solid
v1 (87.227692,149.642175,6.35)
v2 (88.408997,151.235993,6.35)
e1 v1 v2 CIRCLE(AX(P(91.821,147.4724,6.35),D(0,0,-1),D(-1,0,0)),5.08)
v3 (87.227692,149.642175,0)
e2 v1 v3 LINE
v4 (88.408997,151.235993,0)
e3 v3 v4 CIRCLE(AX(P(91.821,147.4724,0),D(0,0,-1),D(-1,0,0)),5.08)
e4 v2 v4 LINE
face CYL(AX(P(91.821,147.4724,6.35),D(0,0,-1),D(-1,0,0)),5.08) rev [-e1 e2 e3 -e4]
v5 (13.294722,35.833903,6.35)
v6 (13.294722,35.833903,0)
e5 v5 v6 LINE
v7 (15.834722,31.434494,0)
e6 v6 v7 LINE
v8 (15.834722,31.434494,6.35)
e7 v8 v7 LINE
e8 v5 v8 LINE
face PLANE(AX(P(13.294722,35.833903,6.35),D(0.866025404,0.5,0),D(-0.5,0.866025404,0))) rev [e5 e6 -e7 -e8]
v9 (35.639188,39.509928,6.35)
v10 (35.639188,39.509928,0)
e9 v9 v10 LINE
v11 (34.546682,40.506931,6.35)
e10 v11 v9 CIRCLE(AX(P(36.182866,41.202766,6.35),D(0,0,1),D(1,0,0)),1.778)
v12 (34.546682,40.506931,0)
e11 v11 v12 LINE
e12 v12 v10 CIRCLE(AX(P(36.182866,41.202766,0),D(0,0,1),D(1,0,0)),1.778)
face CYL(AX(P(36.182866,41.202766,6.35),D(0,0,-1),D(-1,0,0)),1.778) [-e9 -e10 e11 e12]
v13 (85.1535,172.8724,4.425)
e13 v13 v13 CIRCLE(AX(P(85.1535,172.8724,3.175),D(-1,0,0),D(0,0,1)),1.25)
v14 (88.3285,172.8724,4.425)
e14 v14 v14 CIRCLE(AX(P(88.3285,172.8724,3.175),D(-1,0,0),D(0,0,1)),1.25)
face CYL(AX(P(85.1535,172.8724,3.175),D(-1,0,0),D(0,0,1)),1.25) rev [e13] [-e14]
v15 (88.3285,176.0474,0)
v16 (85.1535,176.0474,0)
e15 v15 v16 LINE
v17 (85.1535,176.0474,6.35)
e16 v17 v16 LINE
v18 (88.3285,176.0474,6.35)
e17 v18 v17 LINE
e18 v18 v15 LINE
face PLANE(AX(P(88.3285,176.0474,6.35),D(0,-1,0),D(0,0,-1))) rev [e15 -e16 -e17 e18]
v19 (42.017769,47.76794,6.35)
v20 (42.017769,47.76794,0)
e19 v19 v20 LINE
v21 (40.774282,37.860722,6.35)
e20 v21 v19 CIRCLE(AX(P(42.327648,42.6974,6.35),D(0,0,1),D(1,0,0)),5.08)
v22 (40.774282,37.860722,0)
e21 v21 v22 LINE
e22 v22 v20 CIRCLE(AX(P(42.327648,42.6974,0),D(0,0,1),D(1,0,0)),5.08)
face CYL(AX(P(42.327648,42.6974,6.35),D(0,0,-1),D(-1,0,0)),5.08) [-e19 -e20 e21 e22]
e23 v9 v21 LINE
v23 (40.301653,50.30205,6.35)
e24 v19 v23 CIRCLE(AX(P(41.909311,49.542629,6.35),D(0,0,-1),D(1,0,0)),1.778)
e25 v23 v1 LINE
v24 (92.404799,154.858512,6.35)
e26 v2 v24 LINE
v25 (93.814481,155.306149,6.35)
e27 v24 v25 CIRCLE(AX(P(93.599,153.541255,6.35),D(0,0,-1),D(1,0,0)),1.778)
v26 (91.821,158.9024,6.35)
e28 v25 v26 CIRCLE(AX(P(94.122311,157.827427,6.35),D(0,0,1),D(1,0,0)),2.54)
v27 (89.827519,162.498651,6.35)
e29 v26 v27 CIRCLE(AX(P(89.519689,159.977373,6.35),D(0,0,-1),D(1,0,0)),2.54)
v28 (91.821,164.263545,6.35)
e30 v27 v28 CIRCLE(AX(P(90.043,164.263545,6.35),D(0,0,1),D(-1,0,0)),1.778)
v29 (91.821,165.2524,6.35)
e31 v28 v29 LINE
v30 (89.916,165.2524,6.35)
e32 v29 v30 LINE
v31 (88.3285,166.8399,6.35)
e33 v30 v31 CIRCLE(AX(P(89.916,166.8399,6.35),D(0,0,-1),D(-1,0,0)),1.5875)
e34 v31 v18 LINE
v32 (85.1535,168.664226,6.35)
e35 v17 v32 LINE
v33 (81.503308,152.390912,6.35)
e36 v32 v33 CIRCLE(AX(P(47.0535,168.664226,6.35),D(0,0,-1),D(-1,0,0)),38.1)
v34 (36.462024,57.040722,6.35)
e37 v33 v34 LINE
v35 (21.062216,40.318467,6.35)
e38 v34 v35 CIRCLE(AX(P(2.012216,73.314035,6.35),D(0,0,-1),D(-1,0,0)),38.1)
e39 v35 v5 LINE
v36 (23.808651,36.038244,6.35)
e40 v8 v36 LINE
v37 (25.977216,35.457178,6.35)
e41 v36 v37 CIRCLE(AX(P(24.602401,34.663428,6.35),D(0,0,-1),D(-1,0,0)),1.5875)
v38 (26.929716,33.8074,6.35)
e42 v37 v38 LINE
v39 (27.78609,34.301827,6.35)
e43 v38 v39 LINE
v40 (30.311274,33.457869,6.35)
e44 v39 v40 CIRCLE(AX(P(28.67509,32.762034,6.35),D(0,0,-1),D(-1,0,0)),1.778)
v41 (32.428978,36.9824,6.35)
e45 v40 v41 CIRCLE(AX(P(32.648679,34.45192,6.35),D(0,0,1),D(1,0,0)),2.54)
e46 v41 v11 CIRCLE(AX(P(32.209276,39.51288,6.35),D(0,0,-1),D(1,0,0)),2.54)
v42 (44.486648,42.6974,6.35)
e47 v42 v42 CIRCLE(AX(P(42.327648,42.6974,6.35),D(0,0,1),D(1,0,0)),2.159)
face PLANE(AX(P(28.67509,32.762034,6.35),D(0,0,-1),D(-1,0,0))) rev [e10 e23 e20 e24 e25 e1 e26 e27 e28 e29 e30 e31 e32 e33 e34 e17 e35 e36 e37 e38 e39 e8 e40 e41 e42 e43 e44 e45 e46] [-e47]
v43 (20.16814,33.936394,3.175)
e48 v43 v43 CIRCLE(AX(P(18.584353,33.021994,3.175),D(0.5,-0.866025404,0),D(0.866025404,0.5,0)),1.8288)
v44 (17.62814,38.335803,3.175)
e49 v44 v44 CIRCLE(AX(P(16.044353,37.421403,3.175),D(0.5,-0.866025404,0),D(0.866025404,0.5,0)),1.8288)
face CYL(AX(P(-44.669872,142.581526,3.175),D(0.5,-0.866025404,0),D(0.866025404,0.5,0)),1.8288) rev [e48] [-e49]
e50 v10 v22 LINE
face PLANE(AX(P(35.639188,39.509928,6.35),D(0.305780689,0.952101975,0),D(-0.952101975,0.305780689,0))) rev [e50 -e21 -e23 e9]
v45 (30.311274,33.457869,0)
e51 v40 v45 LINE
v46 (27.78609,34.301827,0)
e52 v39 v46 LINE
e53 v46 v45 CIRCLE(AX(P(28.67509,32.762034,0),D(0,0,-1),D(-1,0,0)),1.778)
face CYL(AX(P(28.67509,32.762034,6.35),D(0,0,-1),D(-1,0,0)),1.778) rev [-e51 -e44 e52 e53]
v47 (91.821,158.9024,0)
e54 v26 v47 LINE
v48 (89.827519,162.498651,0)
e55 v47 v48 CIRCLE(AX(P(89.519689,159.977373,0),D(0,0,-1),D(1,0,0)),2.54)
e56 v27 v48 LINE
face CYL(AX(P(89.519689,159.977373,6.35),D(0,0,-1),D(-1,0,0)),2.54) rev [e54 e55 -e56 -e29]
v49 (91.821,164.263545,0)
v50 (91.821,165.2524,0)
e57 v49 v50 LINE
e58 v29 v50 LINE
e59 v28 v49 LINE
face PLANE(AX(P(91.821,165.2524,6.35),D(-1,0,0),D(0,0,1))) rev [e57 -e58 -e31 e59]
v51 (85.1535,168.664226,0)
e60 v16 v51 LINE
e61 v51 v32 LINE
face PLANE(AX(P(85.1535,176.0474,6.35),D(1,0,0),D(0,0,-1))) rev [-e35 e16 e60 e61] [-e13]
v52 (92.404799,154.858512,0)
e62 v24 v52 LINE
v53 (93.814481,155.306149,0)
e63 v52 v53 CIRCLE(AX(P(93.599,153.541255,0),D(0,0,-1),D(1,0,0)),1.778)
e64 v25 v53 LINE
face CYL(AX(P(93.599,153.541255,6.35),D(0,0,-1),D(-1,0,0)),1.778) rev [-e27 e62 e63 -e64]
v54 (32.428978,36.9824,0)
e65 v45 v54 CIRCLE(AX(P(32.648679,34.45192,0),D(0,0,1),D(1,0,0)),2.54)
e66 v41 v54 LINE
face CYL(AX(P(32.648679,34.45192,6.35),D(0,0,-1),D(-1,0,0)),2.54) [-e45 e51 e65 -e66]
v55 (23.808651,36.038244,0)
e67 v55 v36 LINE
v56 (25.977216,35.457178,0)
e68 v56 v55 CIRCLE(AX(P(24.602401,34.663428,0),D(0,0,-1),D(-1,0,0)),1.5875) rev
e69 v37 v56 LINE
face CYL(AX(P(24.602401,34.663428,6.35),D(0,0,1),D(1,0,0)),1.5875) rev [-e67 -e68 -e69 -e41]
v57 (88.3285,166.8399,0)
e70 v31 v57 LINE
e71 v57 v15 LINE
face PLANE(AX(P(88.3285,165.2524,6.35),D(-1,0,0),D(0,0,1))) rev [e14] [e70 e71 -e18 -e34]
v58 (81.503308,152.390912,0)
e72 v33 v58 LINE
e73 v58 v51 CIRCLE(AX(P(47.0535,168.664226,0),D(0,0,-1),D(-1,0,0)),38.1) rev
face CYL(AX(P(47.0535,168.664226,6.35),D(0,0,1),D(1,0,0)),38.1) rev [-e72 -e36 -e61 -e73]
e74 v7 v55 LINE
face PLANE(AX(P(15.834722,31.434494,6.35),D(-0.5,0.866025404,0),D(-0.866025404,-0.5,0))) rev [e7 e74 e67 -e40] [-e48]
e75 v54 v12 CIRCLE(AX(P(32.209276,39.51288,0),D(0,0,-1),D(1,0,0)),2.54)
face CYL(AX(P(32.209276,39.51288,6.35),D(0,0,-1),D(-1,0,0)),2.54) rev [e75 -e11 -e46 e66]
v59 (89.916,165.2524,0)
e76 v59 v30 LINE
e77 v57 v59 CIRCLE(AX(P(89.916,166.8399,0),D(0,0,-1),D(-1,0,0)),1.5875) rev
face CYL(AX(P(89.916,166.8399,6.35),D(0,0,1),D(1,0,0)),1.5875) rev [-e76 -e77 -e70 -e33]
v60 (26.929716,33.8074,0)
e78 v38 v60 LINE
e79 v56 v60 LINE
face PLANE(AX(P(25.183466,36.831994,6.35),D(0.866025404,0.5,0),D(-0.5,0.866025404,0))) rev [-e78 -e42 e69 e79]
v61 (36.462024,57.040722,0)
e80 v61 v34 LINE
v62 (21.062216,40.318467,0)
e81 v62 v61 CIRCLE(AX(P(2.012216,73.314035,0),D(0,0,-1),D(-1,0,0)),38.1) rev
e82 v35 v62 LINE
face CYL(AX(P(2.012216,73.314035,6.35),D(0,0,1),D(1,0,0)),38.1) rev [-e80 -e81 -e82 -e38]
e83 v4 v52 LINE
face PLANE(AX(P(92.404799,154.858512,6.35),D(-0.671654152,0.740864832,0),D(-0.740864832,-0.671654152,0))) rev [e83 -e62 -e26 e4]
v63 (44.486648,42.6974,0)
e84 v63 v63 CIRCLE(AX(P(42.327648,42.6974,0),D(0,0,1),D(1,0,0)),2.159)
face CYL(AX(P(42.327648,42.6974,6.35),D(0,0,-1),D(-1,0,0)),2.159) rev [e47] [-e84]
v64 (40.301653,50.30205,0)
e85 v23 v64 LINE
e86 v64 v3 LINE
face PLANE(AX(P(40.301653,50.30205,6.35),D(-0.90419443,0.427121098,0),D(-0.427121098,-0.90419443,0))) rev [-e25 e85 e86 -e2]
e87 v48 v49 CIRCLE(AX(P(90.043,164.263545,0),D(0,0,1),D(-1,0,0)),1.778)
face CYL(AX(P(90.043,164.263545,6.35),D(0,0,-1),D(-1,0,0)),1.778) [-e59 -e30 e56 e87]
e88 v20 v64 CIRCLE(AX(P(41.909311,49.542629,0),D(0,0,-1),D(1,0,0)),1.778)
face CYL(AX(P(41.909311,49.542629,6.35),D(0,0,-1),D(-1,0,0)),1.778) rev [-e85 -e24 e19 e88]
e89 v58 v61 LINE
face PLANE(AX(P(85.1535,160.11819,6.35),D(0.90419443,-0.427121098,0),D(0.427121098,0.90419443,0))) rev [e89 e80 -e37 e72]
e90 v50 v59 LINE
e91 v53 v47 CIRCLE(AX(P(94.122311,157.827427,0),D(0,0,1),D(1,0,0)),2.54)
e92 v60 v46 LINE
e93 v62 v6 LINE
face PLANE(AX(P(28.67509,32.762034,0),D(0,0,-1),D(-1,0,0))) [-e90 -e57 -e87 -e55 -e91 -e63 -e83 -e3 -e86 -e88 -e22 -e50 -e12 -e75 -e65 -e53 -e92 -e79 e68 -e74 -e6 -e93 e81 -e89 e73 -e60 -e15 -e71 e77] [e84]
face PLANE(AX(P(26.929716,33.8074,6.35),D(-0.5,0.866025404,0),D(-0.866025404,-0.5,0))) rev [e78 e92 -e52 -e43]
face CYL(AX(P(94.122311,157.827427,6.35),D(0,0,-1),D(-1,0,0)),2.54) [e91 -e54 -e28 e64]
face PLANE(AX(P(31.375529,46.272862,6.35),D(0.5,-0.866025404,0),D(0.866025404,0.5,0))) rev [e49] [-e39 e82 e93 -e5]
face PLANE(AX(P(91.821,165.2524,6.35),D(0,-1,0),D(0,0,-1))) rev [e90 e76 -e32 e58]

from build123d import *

# Parameters (mm, degrees)
SKETCH1_R                 = 2.159
BOSS_EXTRUDE1_DEPTH       = 6.35
SKETCH2_R                 = 1.8288
CUT_EXTRUDE1_DEPTH        = 127.508450551
SKETCH3_R                 = 0.635
CUT_EXTRUDE2_DEPTH        = 76.033777739
FILLET1_R                 = 1.5875
FILLET2_R                 = 38.1
M3X0_5_TAPPED_HOLE1_D     = 2.5
M3X0_5_TAPPED_HOLE1_DEPTH = 7.50062
M3X0_5_TAPPED_HOLE1_TIP   = 0.751075774


with BuildPart() as part:
    # Sketch1 → Boss-Extrude1 (new body)
    with BuildSketch(Plane.XY):
        with BuildLine():
            Line((15.834722261, 31.434493723), (25.183466494, 36.831993723))
            Line((25.183466494, 36.831993723), (26.929716494, 33.8074))
            Line((26.929716494, 33.8074), (27.78608986, 34.301827393))
            ThreePointArc((27.78608986, 34.301827393), (29.23868298, 34.44834582), (30.311273673, 33.457869357))
            ThreePointArc((30.311273673, 33.457869357), (34.825897026, 33.143744407), (32.428977808, 36.9824))
            ThreePointArc((32.428977808, 36.9824), (30.032058591, 40.821055593), (34.546681944, 40.506930643))
            ThreePointArc((34.546681944, 40.506930643), (34.984344673, 39.889437479), (35.639187691, 39.509928464))
            Line((35.639187691, 39.509928464), (40.774282272, 37.860721969))
            ThreePointArc((40.774282272, 37.860721969), (47.368100791, 42.064756802), (42.017768622, 47.767939879))
            ThreePointArc((42.017768622, 47.767939879), (40.437125748, 48.5456558), (40.301653082, 50.302050149))
            Line((40.301653082, 50.302050149), (87.227692295, 149.642175178))
            ThreePointArc((87.227692295, 149.642175178), (87.739785188, 150.497310852), (88.408996906, 151.235993347))
            Line((88.408996906, 151.235993347), (92.404798917, 154.858512458))
            ThreePointArc((92.404798917, 154.858512458), (93.060884875, 155.23586864), (93.814481006, 155.3061491))
            ThreePointArc((93.814481006, 155.3061491), (96.343832869, 159.058865136), (91.821, 158.9024))
            ThreePointArc((91.821, 158.9024), (87.298167131, 158.745934864), (89.827518994, 162.4986509))
            ThreePointArc((89.827518994, 162.4986509), (91.22159212, 162.932303457), (91.821, 164.263545213))
            Line((91.821, 164.263545213), (91.821, 165.2524))
            Line((91.821, 165.2524), (88.3285, 165.2524))
            Line((88.3285, 165.2524), (88.3285, 176.0474))
            Line((88.3285, 176.0474), (85.1535, 176.0474))
            Line((85.1535, 176.0474), (85.1535, 160.118189826))
            Line((85.1535, 160.118189826), (31.375529243, 46.272861553))
            Line((31.375529243, 46.272861553), (13.294722261, 35.833902774))
            Line((13.294722261, 35.833902774), (15.834722261, 31.434493723))
        make_face()
        with Locations((42.327648174, 42.6974)):
            Circle(SKETCH1_R, mode=Mode.SUBTRACT)
    extrude(amount=BOSS_EXTRUDE1_DEPTH)

    # Sketch2 → Cut-Extrude1 (cut, through all)
    with BuildSketch(Plane(origin=(-9.652854494, 16.719234422, 0), x_dir=(-0.866025404, -0.5, 0), z_dir=(0.5, -0.866025404, 0))):
        with Locations(Location((-32.605518601, -3.175, 0), (0, 0, 180))):  # turned: the seam where the file's is
            Circle(SKETCH2_R)
    extrude(amount=-CUT_EXTRUDE1_DEPTH, mode=Mode.SUBTRACT)

    # Sketch3 → Cut-Extrude2 (cut, through all)
    with BuildSketch(Plane(origin=(88.3285, 0, 0), x_dir=(0, 0, -1), z_dir=(1, 0, 0))):
        with Locations((-3.175, 172.8724)):
            Circle(SKETCH3_R)
    extrude(amount=-CUT_EXTRUDE2_DEPTH, mode=Mode.SUBTRACT)

    # Fillet1
    fillet1_edges = [part.edges().sort_by_distance(p)[0] for p in [
        (88.3285, 165.2524, 3.175),
        (25.183466494, 36.831993723, 3.175),
    ]]
    fillet(fillet1_edges, radius=FILLET1_R)

    # Fillet2
    fillet2_edges = [part.edges().sort_by_distance(p)[0] for p in [
        (31.375529243, 46.272861553, 3.175),
        (85.1535, 160.118189826, 3.175),
    ]]
    fillet(fillet2_edges, radius=FILLET2_R)

    # M3x0.5 Tapped Hole1
    with Locations(Plane.ZY.offset(-85.1535)):
        with Locations((3.175, 172.8724)):
            Hole(M3X0_5_TAPPED_HOLE1_D / 2, depth=M3X0_5_TAPPED_HOLE1_DEPTH)
            with Locations((0, 0, -(M3X0_5_TAPPED_HOLE1_DEPTH + M3X0_5_TAPPED_HOLE1_TIP / 2))):  # 118° drill point
                Cone(0, M3X0_5_TAPPED_HOLE1_D / 2, M3X0_5_TAPPED_HOLE1_TIP, mode=Mode.SUBTRACT)


solid = part.part
